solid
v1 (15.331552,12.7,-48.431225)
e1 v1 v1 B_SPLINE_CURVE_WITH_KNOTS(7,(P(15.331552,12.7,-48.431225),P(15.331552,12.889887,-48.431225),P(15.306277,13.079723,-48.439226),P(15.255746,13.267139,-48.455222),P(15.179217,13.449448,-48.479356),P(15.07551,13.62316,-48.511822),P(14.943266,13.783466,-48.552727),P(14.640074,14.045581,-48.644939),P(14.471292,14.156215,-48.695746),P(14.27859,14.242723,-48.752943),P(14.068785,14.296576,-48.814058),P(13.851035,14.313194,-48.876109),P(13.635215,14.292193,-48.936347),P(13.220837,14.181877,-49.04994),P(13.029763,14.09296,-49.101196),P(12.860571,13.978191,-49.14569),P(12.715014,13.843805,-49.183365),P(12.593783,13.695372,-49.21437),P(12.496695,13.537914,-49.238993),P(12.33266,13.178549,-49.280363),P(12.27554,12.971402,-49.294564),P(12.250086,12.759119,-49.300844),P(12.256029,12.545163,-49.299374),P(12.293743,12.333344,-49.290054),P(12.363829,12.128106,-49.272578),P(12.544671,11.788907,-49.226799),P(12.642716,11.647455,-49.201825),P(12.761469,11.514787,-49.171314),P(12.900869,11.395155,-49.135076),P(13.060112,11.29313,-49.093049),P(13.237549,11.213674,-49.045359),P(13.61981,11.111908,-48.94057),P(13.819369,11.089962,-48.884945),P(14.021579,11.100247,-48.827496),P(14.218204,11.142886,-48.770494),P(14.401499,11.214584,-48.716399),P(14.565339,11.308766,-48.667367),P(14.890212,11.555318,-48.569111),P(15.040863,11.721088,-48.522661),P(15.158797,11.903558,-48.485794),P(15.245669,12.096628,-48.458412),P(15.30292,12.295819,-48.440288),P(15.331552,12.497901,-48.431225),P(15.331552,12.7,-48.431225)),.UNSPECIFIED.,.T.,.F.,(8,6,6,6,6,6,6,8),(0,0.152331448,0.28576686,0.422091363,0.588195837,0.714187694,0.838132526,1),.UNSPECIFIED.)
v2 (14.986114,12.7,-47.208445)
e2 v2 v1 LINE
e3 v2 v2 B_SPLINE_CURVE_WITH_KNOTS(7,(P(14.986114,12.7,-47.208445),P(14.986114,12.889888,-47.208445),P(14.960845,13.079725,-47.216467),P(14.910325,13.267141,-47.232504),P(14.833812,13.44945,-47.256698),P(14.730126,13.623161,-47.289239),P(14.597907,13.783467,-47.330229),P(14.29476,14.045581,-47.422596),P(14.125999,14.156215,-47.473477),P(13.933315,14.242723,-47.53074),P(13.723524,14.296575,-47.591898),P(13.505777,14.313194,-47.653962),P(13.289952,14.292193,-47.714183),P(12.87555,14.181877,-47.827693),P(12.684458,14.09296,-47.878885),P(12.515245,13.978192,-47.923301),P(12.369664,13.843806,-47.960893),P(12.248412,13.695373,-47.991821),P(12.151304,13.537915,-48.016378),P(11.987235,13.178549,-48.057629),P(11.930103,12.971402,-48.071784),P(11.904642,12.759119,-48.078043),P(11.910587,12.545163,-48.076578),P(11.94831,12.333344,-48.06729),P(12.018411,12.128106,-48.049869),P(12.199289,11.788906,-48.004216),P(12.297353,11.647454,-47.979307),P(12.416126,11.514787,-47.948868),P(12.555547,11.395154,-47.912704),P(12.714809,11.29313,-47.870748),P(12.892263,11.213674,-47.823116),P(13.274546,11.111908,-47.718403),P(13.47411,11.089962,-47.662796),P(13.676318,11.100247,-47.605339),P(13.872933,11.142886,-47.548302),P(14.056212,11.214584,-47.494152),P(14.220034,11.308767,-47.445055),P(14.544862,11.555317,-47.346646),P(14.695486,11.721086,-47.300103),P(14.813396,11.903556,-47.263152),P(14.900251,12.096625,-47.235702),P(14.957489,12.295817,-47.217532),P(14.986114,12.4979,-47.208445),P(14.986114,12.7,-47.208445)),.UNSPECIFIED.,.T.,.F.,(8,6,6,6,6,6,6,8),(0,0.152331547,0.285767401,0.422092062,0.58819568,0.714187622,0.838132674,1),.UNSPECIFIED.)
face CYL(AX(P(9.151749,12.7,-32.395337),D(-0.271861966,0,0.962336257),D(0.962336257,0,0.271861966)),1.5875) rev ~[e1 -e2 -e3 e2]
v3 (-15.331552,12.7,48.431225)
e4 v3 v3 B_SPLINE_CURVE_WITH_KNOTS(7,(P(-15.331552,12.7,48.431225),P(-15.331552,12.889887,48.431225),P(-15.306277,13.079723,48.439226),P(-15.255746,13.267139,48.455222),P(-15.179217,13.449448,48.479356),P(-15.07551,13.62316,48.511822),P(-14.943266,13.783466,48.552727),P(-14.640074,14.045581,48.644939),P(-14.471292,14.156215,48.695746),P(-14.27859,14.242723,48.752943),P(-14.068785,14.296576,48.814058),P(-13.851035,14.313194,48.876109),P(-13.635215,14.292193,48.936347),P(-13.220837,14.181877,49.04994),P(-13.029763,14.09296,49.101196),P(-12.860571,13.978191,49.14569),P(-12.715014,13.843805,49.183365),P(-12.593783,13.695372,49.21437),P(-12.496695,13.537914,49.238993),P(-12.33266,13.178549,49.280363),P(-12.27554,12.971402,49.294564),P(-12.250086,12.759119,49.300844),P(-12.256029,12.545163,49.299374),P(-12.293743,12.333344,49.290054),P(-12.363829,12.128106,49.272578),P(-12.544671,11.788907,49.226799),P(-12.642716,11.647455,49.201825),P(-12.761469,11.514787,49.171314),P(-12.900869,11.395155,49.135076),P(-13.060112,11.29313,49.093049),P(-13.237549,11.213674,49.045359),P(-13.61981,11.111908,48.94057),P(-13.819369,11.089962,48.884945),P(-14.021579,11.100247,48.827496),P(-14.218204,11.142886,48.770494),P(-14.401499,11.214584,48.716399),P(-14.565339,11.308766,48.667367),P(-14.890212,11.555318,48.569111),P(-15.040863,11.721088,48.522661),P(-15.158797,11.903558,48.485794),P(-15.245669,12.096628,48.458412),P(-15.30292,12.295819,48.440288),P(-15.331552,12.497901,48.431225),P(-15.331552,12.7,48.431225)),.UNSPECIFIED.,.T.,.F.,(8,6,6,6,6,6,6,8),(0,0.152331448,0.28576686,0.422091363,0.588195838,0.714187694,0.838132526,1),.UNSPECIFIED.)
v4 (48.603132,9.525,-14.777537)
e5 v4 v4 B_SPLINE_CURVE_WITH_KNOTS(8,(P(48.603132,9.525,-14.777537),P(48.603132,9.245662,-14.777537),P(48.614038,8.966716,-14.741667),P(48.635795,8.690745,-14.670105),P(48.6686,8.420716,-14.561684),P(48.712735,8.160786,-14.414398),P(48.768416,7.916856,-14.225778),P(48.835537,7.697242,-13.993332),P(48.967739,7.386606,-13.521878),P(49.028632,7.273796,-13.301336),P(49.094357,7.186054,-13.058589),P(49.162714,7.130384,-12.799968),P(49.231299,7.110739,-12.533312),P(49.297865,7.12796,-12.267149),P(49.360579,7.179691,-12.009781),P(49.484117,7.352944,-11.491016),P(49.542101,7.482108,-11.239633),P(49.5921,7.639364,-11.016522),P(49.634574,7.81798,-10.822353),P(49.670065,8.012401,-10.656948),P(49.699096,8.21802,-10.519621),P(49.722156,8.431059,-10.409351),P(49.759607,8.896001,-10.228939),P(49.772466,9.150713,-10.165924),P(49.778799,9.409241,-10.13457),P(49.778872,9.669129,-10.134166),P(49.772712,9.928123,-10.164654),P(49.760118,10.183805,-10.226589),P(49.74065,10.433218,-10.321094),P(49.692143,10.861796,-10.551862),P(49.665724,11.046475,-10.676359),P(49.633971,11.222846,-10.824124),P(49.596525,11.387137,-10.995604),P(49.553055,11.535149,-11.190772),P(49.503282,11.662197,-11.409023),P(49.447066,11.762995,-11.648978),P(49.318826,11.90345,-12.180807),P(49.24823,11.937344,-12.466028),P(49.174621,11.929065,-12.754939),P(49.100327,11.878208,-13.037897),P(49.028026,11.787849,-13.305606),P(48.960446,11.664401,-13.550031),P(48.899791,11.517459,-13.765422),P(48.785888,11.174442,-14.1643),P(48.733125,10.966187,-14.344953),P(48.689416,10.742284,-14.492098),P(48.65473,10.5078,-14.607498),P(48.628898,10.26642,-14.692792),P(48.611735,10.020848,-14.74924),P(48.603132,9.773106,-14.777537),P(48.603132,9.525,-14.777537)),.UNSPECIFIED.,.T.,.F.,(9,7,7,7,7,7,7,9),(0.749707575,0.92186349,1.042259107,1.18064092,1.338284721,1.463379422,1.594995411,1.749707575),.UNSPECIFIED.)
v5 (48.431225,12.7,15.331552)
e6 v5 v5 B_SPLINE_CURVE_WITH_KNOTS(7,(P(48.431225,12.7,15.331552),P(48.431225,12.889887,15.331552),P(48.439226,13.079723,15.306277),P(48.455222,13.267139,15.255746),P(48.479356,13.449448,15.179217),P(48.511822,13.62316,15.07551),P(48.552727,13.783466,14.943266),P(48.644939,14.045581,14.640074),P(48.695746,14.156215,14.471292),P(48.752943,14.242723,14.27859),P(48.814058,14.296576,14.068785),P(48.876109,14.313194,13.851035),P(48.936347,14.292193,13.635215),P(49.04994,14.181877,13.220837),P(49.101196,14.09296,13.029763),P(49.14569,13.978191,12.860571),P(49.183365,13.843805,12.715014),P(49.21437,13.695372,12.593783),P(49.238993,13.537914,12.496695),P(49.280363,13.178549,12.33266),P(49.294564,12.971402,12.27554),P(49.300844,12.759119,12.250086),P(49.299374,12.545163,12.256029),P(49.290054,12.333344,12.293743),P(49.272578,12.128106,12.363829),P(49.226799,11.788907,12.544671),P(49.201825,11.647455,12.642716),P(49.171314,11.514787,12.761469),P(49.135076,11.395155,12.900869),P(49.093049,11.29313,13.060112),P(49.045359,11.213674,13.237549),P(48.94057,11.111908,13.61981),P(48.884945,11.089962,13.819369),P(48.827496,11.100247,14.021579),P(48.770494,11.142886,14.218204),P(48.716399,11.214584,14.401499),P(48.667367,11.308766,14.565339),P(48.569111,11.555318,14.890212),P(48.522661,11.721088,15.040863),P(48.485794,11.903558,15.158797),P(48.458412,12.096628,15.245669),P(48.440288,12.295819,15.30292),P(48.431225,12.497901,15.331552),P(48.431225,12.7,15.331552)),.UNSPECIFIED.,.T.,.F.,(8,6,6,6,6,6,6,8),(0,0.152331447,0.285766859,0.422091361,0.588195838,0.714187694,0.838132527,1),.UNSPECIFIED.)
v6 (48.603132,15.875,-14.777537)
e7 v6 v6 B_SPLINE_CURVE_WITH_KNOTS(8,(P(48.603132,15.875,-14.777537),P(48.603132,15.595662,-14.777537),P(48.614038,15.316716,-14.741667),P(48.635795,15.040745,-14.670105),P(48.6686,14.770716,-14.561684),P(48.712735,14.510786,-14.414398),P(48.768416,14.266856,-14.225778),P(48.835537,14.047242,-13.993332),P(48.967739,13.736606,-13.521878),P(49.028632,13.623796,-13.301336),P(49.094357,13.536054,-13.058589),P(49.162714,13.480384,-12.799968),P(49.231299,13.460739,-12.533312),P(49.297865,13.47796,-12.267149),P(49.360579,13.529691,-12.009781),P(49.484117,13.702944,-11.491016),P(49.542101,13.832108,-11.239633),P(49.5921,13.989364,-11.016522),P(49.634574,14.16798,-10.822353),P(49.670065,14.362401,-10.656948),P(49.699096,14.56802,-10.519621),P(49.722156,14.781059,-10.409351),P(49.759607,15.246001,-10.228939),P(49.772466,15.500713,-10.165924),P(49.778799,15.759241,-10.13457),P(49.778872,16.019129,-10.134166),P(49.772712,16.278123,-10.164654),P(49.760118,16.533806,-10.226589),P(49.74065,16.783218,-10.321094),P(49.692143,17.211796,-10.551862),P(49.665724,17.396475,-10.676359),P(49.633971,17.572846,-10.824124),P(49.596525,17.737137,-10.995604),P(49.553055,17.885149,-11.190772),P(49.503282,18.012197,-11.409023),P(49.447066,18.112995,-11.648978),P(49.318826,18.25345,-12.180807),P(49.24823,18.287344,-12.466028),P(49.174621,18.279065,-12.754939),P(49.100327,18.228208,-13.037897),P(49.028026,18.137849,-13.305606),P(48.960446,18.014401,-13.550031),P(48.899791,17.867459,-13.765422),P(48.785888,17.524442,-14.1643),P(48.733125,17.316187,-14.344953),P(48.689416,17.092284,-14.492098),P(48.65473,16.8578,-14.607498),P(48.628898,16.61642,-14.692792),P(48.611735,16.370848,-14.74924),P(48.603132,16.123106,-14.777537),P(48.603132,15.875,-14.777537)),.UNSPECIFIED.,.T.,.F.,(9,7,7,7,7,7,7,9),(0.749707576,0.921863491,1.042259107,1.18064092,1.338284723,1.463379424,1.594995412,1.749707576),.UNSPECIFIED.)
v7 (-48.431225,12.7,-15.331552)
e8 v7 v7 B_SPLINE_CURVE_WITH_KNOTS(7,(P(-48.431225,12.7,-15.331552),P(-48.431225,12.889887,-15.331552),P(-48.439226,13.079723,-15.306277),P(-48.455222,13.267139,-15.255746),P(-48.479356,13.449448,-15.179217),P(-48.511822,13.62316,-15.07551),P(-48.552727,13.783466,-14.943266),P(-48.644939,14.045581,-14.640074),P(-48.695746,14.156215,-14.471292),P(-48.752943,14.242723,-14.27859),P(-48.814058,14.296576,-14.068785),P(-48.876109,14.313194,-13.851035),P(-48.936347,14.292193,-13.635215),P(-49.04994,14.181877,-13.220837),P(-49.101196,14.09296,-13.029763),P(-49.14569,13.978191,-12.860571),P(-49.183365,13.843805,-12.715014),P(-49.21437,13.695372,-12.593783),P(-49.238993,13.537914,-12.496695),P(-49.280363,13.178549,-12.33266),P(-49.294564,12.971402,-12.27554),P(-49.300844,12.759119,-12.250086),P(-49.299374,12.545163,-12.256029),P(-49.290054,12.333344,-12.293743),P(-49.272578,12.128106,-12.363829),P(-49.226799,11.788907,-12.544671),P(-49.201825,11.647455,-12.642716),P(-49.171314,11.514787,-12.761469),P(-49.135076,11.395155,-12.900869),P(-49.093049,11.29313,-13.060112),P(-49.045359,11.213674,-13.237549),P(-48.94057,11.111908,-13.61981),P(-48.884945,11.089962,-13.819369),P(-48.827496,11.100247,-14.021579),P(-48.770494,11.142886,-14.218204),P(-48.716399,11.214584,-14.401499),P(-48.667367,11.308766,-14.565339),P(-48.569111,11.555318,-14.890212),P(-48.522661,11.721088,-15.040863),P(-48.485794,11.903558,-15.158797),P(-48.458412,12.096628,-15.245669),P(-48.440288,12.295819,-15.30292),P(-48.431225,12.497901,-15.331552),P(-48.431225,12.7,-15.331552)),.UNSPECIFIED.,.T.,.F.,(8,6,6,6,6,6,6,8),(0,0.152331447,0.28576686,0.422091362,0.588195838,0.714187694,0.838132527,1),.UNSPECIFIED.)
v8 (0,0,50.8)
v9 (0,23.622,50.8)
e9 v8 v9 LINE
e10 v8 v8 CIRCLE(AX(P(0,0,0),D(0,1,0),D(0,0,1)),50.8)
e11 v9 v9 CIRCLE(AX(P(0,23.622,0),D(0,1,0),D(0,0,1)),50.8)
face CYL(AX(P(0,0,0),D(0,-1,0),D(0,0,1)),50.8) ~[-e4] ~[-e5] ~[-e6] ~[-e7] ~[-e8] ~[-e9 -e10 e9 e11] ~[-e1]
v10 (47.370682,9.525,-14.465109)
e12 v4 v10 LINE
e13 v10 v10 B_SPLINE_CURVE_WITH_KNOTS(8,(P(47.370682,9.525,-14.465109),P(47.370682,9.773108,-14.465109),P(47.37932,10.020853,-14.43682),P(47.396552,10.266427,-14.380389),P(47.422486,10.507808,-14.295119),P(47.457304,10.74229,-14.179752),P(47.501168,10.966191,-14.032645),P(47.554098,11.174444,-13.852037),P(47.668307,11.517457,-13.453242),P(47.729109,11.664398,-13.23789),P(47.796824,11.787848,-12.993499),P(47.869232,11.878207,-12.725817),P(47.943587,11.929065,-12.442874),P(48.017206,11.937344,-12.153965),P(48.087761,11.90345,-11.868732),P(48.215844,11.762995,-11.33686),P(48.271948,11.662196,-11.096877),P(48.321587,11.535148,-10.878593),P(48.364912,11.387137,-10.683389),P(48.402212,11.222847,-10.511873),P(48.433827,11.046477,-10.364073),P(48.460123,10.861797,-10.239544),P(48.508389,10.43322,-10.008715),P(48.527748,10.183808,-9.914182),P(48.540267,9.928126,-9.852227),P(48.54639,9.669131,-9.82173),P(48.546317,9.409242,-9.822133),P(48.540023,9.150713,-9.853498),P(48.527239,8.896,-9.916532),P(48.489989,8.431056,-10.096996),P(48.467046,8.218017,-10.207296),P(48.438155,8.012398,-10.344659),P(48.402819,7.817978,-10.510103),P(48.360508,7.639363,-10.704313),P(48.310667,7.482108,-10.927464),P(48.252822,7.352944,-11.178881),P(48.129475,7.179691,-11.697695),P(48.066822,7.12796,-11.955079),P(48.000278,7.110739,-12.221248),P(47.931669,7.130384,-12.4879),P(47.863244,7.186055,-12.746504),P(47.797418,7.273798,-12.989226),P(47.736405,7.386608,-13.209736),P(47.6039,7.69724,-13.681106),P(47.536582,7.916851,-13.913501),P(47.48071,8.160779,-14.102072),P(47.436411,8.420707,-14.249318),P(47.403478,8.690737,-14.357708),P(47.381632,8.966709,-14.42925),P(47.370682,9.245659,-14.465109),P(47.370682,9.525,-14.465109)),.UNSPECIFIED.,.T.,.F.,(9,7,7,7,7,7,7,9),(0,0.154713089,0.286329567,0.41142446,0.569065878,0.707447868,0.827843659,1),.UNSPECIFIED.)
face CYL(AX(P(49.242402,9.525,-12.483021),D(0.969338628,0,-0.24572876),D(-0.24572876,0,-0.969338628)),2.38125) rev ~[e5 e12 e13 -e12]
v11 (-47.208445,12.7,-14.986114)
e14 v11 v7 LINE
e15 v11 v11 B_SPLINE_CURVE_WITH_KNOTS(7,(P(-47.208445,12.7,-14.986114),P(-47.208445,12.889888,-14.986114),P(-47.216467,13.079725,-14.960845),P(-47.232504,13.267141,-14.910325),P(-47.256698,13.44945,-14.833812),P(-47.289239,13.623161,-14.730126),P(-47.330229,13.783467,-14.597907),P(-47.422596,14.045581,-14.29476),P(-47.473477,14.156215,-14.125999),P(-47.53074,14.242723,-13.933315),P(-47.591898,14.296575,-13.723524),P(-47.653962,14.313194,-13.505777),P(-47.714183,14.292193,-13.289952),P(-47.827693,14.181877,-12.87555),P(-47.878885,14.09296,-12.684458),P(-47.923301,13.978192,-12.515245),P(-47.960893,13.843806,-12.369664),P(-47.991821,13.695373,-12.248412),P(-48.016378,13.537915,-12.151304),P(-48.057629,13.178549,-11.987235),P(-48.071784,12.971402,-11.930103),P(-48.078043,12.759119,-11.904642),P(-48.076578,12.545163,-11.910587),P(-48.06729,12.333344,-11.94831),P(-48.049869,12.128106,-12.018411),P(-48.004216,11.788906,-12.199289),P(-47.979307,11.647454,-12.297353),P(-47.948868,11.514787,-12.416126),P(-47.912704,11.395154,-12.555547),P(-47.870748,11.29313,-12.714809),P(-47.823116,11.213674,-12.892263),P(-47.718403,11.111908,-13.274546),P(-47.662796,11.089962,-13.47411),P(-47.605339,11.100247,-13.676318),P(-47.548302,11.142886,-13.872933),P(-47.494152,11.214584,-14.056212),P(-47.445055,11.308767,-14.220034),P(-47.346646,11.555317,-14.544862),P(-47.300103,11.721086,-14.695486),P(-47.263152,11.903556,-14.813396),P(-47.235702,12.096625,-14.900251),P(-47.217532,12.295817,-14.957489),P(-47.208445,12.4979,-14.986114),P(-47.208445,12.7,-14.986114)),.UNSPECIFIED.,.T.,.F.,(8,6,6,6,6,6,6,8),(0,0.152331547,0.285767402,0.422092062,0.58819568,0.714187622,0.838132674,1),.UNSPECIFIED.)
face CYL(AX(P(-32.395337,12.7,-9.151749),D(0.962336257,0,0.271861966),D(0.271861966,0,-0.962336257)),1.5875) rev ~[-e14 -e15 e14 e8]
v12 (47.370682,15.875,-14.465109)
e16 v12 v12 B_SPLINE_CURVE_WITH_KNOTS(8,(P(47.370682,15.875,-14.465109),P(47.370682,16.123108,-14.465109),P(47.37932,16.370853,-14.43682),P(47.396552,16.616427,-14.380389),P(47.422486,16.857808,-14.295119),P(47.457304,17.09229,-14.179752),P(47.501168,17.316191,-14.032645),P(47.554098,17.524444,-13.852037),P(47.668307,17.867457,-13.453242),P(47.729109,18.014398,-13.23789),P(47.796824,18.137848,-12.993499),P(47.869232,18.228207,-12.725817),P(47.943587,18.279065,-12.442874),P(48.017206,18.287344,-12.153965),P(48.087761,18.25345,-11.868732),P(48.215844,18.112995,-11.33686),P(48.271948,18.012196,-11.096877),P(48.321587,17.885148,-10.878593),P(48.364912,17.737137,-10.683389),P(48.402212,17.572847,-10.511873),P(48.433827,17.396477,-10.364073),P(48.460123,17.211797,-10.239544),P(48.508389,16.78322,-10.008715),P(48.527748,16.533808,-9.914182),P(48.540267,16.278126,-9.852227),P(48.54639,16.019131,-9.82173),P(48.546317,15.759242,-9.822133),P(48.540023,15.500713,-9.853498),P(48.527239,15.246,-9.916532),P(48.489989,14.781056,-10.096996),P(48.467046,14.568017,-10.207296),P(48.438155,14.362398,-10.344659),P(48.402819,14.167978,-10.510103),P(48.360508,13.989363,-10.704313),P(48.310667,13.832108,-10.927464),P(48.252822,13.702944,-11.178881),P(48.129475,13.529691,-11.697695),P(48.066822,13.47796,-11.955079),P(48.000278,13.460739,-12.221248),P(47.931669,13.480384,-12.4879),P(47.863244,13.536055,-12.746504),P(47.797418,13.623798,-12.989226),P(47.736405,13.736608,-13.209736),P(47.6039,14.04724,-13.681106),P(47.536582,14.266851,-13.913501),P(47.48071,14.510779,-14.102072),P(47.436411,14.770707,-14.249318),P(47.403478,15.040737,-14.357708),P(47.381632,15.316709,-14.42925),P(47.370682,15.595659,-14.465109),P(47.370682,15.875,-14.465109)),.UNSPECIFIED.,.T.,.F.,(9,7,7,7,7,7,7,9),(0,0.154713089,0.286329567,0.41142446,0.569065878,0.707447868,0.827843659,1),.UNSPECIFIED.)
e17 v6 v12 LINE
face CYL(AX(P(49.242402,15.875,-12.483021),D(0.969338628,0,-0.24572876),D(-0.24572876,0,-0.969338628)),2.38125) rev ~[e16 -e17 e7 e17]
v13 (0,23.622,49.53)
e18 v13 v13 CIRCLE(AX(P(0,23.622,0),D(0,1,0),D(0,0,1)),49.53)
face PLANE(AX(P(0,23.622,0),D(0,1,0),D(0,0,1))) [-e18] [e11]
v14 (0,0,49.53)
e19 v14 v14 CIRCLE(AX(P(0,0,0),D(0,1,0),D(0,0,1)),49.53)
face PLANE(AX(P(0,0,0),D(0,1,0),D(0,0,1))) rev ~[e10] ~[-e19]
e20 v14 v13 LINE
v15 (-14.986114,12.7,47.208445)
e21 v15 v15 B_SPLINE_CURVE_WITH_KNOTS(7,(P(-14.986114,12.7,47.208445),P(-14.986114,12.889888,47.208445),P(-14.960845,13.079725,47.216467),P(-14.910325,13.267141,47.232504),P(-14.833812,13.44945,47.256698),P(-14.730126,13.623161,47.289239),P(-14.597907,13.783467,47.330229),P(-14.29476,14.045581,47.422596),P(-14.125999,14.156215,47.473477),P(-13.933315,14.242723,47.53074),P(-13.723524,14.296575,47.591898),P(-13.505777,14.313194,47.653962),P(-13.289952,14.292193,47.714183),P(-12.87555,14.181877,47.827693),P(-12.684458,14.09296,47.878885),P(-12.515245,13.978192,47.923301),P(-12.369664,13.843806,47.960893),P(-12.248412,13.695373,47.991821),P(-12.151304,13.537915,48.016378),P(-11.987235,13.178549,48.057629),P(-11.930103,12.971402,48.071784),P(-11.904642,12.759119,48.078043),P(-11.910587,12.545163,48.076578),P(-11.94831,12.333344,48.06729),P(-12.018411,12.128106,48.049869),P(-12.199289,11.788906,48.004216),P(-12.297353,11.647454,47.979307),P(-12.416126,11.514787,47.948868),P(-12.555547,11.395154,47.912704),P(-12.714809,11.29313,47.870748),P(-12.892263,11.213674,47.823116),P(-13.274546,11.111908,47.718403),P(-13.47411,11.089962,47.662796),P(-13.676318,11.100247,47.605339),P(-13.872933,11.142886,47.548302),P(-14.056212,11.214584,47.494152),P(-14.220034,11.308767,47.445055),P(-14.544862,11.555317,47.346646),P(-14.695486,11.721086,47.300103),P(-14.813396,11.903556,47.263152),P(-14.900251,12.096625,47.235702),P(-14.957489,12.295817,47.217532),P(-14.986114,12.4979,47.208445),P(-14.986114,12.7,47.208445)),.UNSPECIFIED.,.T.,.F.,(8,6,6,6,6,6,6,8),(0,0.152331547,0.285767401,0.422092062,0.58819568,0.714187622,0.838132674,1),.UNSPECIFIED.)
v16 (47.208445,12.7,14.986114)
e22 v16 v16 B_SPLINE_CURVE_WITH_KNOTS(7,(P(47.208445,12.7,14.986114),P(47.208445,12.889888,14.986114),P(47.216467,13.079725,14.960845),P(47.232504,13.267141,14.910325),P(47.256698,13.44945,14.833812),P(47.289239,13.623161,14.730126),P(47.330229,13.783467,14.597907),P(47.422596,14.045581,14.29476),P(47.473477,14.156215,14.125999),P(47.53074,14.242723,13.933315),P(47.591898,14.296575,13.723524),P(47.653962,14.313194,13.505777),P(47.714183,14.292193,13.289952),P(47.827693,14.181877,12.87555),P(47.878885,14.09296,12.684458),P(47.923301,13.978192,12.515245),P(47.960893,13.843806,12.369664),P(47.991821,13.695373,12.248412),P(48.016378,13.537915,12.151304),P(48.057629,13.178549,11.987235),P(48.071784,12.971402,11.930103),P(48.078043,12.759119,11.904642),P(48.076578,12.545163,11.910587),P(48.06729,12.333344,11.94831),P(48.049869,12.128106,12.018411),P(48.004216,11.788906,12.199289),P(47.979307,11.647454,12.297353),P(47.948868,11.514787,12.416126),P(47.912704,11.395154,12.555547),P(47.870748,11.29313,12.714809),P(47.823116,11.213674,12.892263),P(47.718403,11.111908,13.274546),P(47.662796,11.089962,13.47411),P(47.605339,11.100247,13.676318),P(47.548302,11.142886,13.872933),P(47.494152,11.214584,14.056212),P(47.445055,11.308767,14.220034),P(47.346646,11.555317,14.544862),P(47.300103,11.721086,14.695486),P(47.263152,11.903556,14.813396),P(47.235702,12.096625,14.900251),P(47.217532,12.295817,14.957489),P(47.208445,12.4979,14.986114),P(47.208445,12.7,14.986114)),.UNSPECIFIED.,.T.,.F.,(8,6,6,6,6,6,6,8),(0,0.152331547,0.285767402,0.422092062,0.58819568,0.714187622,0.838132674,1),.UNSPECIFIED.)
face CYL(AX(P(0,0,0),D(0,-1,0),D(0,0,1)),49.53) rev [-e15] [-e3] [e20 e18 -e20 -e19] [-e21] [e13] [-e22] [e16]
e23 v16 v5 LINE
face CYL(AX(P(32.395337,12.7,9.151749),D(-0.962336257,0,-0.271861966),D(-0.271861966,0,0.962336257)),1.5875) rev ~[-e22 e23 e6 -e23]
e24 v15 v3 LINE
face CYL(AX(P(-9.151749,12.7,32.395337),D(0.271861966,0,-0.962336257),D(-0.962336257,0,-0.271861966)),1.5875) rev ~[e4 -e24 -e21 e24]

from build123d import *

# Parameters (mm, degrees)
SKETCH1_R           = 50.8
SKETCH1_R_2         = 49.53
BOSS_EXTRUDE1_DEPTH = 23.622
SKETCH2_R           = 2.38125
CUT_EXTRUDE1_DEPTH  = 25.4
SKETCH3_R           = 1.5875
CUT_EXTRUDE2_DEPTH  = 37.338
CIRPATTERN1_COUNT   = 4


with BuildPart() as part:
    # Sketch1 → Boss-Extrude1 (new body)
    with BuildSketch(Plane(origin=(0, 0, 0), x_dir=(1, 0, 0), z_dir=(0, 1, 0))):
        with Locations(Location((0, 0, 0), (0, 0, 270))):
            Circle(SKETCH1_R)
        with Locations(Location((0, 0, 0), (0, 0, 270))):
            Circle(SKETCH1_R_2, mode=Mode.SUBTRACT)
    extrude(amount=BOSS_EXTRUDE1_DEPTH)

    # Sketch2 → Cut-Extrude1 (cut)
    with BuildSketch(Plane(origin=(80.709285485, 206.333156205, 111.645979585), x_dir=(0, -1, 0), z_dir=(0.9693386284605577, 0, -0.2457287597620699))):
        with Locations(Location((196.808156205, 128.055353348, 0), (0, 0, 90))):
            Circle(SKETCH2_R)
        with Locations(Location((190.458156205, 128.055353348, 0), (0, 0, 90))):
            Circle(SKETCH2_R)
    extrude(amount=-CUT_EXTRUDE1_DEPTH, mode=Mode.SUBTRACT)

    # Sketch3 → Cut-Extrude2 (cut)
    with BuildSketch(Plane(origin=(-3.10026152, 207.778194099, 134.798971935), x_dir=(0, 1, 0), z_dir=(-0.962336256997443, 0, -0.27186196583588446))):
        with Locations(Location((-195.078194099, 130.56478129, 0), (0, 0, 270))):
            Circle(SKETCH3_R)
    cut_extrude2 = extrude(amount=-CUT_EXTRUDE2_DEPTH, mode=Mode.SUBTRACT)

    # CirPattern1: Cut-Extrude2 ×4 about axis
    cirpattern1_axis = Axis((0, 0, 0), (0, -1, 0))
    for i in range(1, CIRPATTERN1_COUNT):
        add(cut_extrude2.rotate(cirpattern1_axis, i * 360 / CIRPATTERN1_COUNT), mode=Mode.SUBTRACT)


solid = part.part
